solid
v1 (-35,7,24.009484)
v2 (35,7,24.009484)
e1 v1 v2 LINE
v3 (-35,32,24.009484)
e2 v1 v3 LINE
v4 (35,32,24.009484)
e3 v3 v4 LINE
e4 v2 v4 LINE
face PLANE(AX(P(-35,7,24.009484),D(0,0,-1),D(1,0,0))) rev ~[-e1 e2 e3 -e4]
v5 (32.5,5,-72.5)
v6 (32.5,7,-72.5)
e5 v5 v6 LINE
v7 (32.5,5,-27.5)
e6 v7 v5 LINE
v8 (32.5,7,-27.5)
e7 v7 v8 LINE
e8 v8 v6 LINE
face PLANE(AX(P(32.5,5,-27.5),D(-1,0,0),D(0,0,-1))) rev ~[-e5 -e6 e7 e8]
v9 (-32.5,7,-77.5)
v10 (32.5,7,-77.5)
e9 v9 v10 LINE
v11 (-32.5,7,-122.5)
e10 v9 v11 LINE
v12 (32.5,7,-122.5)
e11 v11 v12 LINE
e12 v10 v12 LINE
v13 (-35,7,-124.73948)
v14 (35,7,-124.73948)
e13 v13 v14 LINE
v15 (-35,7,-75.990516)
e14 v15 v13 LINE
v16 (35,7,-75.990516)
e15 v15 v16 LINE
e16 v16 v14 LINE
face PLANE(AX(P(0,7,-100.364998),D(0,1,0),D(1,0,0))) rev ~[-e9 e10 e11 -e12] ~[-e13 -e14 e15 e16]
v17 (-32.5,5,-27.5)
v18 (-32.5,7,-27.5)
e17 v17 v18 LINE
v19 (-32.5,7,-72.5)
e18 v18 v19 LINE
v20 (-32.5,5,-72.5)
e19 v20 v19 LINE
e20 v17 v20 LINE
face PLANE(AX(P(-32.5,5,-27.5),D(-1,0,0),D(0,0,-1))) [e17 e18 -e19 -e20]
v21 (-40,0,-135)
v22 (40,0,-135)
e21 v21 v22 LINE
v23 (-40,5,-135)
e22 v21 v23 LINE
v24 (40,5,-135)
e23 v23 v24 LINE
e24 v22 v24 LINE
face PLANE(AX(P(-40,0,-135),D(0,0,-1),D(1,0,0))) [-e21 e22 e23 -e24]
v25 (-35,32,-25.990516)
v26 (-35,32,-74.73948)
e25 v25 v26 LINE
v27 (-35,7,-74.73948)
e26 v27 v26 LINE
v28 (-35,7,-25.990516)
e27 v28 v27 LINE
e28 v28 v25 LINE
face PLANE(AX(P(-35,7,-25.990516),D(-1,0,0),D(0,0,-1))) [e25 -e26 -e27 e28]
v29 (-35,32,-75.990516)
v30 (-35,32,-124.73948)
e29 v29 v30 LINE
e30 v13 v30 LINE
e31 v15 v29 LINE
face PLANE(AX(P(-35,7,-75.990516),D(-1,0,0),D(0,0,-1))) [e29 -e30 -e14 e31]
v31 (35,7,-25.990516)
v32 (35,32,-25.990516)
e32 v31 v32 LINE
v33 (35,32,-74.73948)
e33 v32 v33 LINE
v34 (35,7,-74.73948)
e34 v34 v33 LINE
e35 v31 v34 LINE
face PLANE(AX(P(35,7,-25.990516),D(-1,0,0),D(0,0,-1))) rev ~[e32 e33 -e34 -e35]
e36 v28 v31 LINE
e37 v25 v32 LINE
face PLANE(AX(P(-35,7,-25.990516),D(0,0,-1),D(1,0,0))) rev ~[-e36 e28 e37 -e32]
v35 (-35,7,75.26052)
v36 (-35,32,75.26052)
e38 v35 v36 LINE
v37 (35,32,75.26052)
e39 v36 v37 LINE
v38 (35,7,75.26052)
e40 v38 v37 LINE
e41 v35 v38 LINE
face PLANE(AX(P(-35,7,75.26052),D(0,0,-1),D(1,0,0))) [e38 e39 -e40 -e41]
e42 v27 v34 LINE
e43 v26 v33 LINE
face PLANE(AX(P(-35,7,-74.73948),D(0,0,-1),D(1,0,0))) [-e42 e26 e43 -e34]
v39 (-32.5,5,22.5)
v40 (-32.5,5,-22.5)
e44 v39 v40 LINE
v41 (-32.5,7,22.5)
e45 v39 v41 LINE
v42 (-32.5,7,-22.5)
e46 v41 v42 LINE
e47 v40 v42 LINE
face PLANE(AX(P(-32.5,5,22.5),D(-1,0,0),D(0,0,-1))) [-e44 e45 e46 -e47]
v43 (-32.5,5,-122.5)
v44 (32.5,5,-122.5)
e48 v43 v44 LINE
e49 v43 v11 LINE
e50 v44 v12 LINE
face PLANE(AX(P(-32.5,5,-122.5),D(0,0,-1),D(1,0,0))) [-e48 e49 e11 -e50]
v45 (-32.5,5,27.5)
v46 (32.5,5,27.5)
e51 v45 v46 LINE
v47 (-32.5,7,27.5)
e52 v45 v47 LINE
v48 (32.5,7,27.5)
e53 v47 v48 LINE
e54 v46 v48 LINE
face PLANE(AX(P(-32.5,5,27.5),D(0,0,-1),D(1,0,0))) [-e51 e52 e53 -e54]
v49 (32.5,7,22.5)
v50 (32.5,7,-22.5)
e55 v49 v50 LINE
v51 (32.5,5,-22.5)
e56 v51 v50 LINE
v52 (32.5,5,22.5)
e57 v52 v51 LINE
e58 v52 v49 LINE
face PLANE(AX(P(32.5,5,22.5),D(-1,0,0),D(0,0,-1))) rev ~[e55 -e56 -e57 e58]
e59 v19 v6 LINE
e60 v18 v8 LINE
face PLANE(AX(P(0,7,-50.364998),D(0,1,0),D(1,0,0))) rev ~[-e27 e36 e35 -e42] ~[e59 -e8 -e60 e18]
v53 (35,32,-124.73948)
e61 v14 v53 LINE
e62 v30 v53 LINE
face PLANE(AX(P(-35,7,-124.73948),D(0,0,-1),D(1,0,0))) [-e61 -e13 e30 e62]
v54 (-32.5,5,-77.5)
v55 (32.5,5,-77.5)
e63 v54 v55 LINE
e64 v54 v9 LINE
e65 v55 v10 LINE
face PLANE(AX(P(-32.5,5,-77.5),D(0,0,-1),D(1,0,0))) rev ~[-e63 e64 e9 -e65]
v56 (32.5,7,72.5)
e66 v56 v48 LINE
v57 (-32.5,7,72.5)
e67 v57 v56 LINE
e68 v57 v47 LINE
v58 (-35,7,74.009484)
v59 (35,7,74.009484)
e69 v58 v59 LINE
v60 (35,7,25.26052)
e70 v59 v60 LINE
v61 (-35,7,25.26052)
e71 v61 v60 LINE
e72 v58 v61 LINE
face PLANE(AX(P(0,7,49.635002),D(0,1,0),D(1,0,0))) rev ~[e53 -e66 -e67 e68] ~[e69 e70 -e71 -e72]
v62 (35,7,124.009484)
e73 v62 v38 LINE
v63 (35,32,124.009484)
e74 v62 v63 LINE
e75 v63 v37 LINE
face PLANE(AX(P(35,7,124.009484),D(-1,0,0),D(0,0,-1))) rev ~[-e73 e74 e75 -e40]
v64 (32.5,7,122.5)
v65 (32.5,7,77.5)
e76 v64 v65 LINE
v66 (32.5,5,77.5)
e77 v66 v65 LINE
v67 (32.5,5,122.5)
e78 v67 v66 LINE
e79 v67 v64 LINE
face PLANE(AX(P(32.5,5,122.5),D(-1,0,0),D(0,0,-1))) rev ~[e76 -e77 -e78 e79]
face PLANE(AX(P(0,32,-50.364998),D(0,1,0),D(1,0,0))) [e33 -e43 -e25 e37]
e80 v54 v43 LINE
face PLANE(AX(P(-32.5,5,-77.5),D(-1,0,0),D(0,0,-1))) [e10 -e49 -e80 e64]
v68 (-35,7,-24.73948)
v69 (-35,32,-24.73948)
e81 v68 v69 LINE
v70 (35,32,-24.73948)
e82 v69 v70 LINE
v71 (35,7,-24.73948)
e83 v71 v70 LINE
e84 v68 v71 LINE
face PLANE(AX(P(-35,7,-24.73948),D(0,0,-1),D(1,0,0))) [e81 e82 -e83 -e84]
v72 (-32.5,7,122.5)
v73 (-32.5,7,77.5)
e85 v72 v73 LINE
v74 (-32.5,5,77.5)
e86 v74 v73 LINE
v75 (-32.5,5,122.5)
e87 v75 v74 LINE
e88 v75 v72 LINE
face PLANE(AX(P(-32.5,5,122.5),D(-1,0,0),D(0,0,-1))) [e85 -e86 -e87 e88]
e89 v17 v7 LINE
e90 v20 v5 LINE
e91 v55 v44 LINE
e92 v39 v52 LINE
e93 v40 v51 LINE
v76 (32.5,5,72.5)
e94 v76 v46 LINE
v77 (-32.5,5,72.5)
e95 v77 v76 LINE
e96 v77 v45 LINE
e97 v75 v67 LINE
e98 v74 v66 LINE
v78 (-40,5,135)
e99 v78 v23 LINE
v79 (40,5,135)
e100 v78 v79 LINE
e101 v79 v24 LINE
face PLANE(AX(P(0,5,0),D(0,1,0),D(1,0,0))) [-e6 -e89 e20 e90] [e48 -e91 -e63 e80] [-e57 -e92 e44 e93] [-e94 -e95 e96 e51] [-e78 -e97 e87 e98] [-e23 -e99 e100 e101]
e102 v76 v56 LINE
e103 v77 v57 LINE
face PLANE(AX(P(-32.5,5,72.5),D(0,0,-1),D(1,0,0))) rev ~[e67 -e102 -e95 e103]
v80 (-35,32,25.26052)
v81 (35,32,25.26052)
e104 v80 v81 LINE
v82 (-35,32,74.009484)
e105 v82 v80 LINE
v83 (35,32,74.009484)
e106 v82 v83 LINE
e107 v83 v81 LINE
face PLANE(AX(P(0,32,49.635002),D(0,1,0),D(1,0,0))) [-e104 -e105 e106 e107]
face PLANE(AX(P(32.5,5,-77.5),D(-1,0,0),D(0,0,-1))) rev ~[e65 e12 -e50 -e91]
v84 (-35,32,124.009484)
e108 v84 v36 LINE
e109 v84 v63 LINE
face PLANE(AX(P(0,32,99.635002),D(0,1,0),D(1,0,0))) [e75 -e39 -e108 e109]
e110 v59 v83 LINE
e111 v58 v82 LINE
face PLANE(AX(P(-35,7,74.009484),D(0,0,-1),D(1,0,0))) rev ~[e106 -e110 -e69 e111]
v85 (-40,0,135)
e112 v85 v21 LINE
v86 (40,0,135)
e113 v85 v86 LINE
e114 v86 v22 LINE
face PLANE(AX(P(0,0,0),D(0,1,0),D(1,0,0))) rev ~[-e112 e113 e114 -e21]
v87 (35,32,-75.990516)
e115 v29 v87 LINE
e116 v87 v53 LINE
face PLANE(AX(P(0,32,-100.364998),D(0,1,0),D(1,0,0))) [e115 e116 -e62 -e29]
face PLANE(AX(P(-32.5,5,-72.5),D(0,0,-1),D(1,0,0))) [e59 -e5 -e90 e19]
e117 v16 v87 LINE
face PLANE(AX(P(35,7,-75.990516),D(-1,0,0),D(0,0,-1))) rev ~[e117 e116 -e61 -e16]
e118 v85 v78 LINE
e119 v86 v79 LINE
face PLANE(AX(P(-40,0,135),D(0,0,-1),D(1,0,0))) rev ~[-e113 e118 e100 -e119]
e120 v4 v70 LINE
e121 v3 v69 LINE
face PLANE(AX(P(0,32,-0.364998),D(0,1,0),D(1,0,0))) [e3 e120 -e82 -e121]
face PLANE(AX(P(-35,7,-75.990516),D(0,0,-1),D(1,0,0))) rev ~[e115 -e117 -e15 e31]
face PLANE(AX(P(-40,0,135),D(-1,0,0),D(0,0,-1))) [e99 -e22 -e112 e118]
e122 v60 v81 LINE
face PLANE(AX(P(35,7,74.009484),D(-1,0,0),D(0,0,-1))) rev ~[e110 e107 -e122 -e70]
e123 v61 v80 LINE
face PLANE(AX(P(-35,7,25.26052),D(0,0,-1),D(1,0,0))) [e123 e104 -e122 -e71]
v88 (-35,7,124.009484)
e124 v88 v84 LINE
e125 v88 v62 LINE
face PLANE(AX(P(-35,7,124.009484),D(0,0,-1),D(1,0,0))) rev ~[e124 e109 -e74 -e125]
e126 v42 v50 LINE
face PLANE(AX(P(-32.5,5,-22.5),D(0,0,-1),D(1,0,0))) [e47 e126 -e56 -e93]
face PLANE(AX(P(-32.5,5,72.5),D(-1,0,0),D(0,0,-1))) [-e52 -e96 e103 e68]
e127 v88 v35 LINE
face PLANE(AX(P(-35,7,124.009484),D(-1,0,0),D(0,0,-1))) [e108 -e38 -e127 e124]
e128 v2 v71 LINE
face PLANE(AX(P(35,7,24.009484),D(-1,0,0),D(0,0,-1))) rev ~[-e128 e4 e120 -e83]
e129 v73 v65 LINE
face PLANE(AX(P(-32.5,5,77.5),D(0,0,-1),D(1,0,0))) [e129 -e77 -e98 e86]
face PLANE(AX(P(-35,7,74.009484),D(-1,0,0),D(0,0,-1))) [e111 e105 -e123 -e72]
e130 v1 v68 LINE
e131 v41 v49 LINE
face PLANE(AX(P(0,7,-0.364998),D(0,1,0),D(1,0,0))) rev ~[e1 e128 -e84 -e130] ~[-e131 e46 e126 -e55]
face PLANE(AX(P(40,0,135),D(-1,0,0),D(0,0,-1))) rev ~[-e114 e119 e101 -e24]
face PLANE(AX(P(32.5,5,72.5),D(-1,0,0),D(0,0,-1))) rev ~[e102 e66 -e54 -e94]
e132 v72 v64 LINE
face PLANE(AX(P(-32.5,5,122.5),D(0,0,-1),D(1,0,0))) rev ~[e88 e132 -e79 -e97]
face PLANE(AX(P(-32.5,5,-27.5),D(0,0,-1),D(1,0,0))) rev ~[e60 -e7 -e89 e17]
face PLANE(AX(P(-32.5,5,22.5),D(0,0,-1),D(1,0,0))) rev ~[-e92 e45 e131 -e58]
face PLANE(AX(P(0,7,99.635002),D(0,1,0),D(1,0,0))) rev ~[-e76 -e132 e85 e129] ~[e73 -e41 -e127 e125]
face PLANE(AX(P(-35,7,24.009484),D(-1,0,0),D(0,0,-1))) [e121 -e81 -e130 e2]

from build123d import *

# Parameters (mm, degrees)
SKETCH1_W           = 80
SKETCH1_H           = 270
BOSS_EXTRUDE1_DEPTH = 5
SKETCH2_W           = 65
SKETCH2_H           = 45
BOSS_EXTRUDE3_DEPTH = 2
LPATTERN1_COUNT     = 5
LPATTERN1_PITCH     = 50
SKETCH3_W           = 70
SKETCH3_H           = 48.748964222
BOSS_EXTRUDE8_DEPTH = 25
LPATTERN5_COUNT     = 5
LPATTERN5_PITCH     = 50


with BuildPart() as part:
    # Sketch1 → Boss-Extrude1 (new body)
    with BuildSketch(Plane(origin=(0, 0, 0), x_dir=(1, 0, 0), z_dir=(0, 1, 0))):
        Rectangle(SKETCH1_W, SKETCH1_H)
    extrude(amount=BOSS_EXTRUDE1_DEPTH)

    # Sketch2 → Boss-Extrude3 (add)
    with BuildSketch(Plane(origin=(0, 5, 0), x_dir=(1, 0, 0), z_dir=(0, 1, 0))):
        with Locations((0, -100)):
            Rectangle(SKETCH2_W, SKETCH2_H)
    boss_extrude3 = extrude(amount=BOSS_EXTRUDE3_DEPTH)

    # LPattern1: Boss-Extrude3 ×5
    with Locations(*[(0, 0, -i * LPATTERN1_PITCH) for i in range(1, LPATTERN1_COUNT)]):
        add(boss_extrude3)

    # Sketch3 → Boss-Extrude8 (add)
    with BuildSketch(Plane(origin=(0, 7, 0), x_dir=(1, 0, 0), z_dir=(0, 1, 0))):
        with Locations((0, -99.635002086)):
            Rectangle(SKETCH3_W, SKETCH3_H)
    boss_extrude8 = extrude(amount=BOSS_EXTRUDE8_DEPTH)

    # LPattern5: Boss-Extrude8 ×5
    with Locations(*[(0, 0, -i * LPATTERN5_PITCH) for i in range(1, LPATTERN5_COUNT)]):
        add(boss_extrude8)


solid = part.part
